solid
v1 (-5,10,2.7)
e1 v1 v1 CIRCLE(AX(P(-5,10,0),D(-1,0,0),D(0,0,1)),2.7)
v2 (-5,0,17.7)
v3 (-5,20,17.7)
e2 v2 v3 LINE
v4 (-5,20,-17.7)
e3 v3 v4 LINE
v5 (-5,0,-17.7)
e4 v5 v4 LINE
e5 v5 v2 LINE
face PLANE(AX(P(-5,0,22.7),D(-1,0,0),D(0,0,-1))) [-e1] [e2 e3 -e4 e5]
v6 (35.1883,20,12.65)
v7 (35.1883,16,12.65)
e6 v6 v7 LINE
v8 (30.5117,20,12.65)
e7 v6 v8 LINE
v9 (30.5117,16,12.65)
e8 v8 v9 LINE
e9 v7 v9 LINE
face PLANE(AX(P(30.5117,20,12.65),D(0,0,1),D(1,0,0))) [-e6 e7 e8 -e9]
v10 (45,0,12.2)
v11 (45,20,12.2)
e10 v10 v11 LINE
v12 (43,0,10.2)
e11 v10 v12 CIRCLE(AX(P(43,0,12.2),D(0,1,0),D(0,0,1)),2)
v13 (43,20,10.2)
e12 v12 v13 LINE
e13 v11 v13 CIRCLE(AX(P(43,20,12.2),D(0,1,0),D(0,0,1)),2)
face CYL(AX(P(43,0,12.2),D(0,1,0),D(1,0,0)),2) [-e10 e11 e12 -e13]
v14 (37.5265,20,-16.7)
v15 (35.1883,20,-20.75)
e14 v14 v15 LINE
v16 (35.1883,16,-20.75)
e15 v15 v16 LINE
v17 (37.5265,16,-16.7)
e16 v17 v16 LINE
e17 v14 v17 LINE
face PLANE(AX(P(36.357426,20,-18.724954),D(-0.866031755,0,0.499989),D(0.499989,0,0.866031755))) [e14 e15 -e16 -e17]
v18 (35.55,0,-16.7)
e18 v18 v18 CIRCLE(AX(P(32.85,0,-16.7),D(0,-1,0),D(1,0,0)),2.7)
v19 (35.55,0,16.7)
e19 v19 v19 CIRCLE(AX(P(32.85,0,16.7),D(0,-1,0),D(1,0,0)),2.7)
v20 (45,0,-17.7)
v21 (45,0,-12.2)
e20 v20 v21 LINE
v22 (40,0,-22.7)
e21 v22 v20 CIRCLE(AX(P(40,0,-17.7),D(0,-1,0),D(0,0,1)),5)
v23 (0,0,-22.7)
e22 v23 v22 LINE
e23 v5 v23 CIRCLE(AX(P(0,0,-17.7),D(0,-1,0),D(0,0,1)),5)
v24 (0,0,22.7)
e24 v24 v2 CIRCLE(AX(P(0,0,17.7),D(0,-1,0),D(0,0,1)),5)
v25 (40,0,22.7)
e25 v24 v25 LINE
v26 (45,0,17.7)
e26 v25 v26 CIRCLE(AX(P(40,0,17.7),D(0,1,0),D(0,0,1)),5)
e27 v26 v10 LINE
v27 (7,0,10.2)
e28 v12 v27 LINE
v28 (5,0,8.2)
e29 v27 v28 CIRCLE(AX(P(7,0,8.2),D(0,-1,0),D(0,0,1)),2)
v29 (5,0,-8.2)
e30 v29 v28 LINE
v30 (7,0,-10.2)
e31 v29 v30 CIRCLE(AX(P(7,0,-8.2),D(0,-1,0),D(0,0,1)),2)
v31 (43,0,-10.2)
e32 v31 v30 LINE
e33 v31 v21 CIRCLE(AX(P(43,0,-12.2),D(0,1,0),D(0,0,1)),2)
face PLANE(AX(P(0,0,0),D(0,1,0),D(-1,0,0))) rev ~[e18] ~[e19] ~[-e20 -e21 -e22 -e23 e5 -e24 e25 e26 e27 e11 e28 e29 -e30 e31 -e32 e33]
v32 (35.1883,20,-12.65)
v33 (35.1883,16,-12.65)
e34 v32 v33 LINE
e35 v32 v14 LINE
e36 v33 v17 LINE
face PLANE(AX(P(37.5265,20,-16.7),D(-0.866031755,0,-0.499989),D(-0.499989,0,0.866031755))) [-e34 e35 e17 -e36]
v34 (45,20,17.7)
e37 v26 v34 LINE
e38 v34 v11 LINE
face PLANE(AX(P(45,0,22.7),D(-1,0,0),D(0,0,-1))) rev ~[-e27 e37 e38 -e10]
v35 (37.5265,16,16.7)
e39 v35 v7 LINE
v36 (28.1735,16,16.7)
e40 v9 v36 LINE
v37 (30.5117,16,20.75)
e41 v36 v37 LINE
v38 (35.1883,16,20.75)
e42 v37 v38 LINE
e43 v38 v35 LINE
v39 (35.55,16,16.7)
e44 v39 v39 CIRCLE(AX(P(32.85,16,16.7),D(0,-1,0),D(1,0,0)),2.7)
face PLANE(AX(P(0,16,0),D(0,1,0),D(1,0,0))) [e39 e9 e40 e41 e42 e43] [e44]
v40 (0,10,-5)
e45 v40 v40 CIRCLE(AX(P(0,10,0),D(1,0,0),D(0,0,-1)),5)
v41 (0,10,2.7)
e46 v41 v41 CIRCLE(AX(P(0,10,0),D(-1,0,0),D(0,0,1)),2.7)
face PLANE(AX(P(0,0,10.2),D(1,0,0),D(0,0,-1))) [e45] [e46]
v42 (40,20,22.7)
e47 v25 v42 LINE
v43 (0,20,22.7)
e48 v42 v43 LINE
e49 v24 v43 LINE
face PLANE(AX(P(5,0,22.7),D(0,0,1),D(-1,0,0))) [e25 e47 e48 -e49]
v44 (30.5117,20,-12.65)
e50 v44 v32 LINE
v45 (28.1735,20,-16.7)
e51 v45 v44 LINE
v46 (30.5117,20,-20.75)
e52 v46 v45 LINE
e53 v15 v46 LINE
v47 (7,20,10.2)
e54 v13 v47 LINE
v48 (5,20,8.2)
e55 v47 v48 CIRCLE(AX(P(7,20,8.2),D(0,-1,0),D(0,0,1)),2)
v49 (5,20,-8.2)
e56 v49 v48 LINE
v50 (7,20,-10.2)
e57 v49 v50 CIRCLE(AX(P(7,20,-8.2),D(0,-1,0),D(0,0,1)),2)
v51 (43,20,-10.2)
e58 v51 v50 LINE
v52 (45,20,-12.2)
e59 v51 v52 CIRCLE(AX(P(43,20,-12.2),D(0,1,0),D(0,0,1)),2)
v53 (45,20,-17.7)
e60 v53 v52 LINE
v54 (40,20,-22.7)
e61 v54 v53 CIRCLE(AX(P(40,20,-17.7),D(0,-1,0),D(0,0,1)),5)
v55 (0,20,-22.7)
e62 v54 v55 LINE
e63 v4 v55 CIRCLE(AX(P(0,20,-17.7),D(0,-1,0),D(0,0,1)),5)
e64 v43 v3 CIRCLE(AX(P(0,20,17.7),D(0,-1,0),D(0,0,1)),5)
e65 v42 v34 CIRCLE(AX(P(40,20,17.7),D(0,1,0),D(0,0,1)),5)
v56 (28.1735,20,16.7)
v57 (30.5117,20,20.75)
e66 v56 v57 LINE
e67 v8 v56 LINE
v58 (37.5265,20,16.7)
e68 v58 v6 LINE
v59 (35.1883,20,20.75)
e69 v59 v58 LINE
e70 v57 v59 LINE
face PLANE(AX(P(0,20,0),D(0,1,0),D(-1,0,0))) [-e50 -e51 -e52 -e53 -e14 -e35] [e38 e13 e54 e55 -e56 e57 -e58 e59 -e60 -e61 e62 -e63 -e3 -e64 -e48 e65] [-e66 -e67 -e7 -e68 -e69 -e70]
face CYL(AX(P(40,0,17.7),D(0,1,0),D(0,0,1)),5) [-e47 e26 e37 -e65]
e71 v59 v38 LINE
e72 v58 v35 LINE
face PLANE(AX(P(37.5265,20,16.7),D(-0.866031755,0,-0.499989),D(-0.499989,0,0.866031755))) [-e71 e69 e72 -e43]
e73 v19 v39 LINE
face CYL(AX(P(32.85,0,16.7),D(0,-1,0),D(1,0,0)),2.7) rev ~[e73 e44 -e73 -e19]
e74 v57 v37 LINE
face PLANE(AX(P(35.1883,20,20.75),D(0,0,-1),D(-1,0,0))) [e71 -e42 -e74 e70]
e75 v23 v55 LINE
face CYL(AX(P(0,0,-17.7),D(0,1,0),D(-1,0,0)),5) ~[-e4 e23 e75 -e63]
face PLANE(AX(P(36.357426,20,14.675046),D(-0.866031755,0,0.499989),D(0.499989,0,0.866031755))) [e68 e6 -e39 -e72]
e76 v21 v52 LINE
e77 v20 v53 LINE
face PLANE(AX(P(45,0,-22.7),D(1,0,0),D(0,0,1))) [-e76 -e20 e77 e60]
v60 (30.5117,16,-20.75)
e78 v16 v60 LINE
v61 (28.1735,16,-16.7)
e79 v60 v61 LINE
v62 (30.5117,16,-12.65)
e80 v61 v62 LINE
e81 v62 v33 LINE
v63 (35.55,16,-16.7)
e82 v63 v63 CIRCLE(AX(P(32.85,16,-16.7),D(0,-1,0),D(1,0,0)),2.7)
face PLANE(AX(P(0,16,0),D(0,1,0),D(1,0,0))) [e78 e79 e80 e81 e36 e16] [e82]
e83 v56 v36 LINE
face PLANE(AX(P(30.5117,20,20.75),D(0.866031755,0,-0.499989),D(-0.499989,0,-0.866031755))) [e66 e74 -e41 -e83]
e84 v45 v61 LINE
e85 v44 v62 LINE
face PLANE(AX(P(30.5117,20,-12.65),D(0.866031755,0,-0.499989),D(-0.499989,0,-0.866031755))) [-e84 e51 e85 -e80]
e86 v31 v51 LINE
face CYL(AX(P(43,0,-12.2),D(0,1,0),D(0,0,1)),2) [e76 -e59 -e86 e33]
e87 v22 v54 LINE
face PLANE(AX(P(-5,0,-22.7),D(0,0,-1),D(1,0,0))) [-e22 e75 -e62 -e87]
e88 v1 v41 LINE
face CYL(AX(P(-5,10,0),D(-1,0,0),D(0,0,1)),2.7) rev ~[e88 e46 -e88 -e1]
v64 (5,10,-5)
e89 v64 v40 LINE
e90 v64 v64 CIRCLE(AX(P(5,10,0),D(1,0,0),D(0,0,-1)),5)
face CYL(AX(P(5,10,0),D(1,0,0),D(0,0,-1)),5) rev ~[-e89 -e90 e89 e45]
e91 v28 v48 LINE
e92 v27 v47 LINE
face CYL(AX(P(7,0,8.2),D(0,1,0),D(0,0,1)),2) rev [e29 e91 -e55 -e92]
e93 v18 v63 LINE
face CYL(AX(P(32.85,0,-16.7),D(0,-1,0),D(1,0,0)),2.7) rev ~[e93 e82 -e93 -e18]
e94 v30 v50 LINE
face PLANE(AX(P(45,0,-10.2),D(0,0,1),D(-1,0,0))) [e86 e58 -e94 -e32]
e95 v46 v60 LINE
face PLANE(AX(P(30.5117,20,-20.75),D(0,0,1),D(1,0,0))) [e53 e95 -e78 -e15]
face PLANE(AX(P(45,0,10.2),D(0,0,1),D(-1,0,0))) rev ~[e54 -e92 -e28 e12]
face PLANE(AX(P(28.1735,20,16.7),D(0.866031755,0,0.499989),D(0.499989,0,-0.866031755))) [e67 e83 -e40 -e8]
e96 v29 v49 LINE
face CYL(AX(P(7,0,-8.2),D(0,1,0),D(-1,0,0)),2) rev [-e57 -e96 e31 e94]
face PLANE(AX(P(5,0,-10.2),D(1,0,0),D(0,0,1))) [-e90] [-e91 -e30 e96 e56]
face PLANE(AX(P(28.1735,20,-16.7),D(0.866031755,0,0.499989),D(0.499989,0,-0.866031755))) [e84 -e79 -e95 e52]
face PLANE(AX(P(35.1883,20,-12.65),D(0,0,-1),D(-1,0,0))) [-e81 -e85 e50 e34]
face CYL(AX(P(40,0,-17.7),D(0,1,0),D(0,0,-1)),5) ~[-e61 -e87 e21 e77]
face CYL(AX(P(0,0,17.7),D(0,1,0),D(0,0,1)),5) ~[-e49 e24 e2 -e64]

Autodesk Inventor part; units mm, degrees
ref_plane "YZ Plane" through (0, 0, 0) normal (1, 0, 0) x (0, 1, 0)
ref_plane "XZ Plane" through (0, 0, 0) normal (0, 1, 0) x (-1, 0, 0)
ref_plane "XY Plane" through (0, 0, 0) normal (0, 0, 1) x (1, 0, 0)
sketch "Boceto1" plane through (0, 0, 0) normal (0, 1, 0) x (-1, 0, 0)
  line L0 (-5, 22.7) -> (5, 22.7)
  line L1 (5, 22.7) -> (5, -22.7)
  line L2 (5, -22.7) -> (-5, -22.7)
  line L3 (-5, -22.7) -> (-5, 22.7)
  line L4 (-5, 22.7) -> (5, -22.7) construction
  line L5 (5, 22.7) -> (-5, -22.7) construction
  line L6 (5, 22.7) -> (-45, 22.7)
  line L7 (-45, 22.7) -> (-45, 10.2)
  line L8 (-45, 10.2) -> (5, 10.2)
  line L9 (5, 10.2) -> (5, 22.7)
  line L10 (5, -22.7) -> (-45, -22.7)
  line L11 (-45, -22.7) -> (-45, -10.2)
  line L12 (-45, -10.2) -> (5, -10.2)
  line L13 (5, -10.2) -> (5, -22.7)
  point P0 (0, 0)
  point P1 (-5, 10.2)
  point P2 (-5, -10.2)
  point P3 (-5, -22.7)
  dimension "d0" = 20.4
  dimension "d1" = 45.4
  dimension "d2" = 50
  dimension "d3" = 10
extrude "Extrusión1" add sketch "Boceto1" along normal blind 20
sketch "Boceto2" plane through (-5, 0, -22.7) normal (-1, 0, 0) x (0, 0, 1)
  circle A0 centre (22.7, 10) radius 2.7
  line L0 (0, 0) -> (45.4, 0) projected
  point P0 (22.7, 0)
  dimension "d6" = 5.4
  dimension "d7" = 10
extrude "Extrusión2" cut sketch "Boceto2" against normal through all
sketch "Boceto3" plane through (5, 0, 10.2) normal (1, 0, 0) x (0, 0, -1)
  point P0 (10.2, 0)
fillet "Empalme1" radius 5 2 edges at (-5, 10, -22.7) (-5, 10, 22.7)
sketch "Boceto4" plane through (0, 0, 0) normal (0, -1, 0) x (1, 0, 0)
  circle A0 centre (32.85, -16.7) radius 2.7
  circle A1 centre (32.85, 16.7) radius 2.7
  line L0 (45, -22.7) -> (0, -22.7) projected
  line L1 (0, 22.7) -> (45, 22.7) projected
  line L2 (45, 22.7) -> (45, 10.2) projected
  point P0 (0, 0)
  dimension "d11" = 6
  dimension "d12" = 6
  dimension "d13" = 5.4
  dimension "d19" = 12.15
extrude "Extrusión3" cut sketch "Boceto4" against normal through all
sketch "Boceto5" plane through (0, 20, 0) normal (0, 1, 0) x (1, 0, 0)
  circle A0 centre (32.85, 16.7) radius 2.7 projected
  circle A1 centre (32.85, 16.7) radius 4.05
  circle A2 centre (32.85, -16.7) radius 2.7 projected
  circle A3 centre (32.85, -16.7) radius 4.05
  line L0 (37.5265, 16.7) -> (35.1883, 12.65)
  line L1 (35.1883, 12.65) -> (30.5117, 12.65)
  line L2 (30.5117, 12.65) -> (28.1735, 16.7)
  line L3 (28.1735, 16.7) -> (30.5117, 20.75)
  line L4 (30.5117, 20.75) -> (35.1883, 20.75)
  line L5 (35.1883, 20.75) -> (37.5265, 16.7)
  line L6 (37.5265, -12.2178) -> (39.07, -18.5089)
  line L7 (39.07, -18.5089) -> (34.3935, -22.9911)
  line L8 (34.3935, -22.9911) -> (28.1735, -21.1822)
  line L9 (28.1735, -21.1822) -> (26.63, -14.8911)
  line L10 (26.63, -14.8911) -> (31.3065, -10.4089)
  line L11 (31.3065, -10.4089) -> (37.5265, -12.2178)
  line L12 (30.5117, -20.75) -> (28.1735, -16.7)
  line L13 (28.1735, -16.7) -> (30.5117, -12.65)
  line L14 (30.5117, -12.65) -> (35.1883, -12.65)
  line L15 (35.1883, -12.65) -> (37.5265, -16.7)
  line L16 (37.5265, -16.7) -> (35.1883, -20.75)
  line L17 (35.1883, -20.75) -> (30.5117, -20.75)
  line L18 (0, -22.7) -> (45, -22.7) projected
  point P0 (0, 0)
  dimension "d16" = 8.1
extrude "Extrusión4" cut sketch "Boceto5" against normal blind 4 contours A0 | A1 | A1 L5 L0 | A1 L4 L5 | L0 L1 A1 | A1 L3 L4 | L1 L2 A1 | A1 L2 L3 | A2 | A3 | A3 L15 L16 | A3 L14 L15 | L16 L17 A3 | A3 L13 L14 | L17 L12 A3 | A3 L12 L13
fillet "Empalme2" radius 5 2 edges at (45, 10, 22.7) (45, 10, -22.7)
sketch "Boceto6" plane through (5, 0, 10.2) normal (1, 0, 0) x (0, 0, -1)
  circle A0 centre (10.2, 10) radius 2.7 projected
  circle A1 centre (10.2, 10) radius 5
  point P0 (10.2, 0)
  dimension "d21" = 10
extrude "Extrusión5" cut sketch "Boceto6" against normal blind 5 contours A0 | A1
fillet "Empalme3" radius 2 4 edges at (5, 10, -10.2) (5, 10, 10.2) (45, 10, 10.2) (45, 10, -10.2)
properties part number "Tensor"
